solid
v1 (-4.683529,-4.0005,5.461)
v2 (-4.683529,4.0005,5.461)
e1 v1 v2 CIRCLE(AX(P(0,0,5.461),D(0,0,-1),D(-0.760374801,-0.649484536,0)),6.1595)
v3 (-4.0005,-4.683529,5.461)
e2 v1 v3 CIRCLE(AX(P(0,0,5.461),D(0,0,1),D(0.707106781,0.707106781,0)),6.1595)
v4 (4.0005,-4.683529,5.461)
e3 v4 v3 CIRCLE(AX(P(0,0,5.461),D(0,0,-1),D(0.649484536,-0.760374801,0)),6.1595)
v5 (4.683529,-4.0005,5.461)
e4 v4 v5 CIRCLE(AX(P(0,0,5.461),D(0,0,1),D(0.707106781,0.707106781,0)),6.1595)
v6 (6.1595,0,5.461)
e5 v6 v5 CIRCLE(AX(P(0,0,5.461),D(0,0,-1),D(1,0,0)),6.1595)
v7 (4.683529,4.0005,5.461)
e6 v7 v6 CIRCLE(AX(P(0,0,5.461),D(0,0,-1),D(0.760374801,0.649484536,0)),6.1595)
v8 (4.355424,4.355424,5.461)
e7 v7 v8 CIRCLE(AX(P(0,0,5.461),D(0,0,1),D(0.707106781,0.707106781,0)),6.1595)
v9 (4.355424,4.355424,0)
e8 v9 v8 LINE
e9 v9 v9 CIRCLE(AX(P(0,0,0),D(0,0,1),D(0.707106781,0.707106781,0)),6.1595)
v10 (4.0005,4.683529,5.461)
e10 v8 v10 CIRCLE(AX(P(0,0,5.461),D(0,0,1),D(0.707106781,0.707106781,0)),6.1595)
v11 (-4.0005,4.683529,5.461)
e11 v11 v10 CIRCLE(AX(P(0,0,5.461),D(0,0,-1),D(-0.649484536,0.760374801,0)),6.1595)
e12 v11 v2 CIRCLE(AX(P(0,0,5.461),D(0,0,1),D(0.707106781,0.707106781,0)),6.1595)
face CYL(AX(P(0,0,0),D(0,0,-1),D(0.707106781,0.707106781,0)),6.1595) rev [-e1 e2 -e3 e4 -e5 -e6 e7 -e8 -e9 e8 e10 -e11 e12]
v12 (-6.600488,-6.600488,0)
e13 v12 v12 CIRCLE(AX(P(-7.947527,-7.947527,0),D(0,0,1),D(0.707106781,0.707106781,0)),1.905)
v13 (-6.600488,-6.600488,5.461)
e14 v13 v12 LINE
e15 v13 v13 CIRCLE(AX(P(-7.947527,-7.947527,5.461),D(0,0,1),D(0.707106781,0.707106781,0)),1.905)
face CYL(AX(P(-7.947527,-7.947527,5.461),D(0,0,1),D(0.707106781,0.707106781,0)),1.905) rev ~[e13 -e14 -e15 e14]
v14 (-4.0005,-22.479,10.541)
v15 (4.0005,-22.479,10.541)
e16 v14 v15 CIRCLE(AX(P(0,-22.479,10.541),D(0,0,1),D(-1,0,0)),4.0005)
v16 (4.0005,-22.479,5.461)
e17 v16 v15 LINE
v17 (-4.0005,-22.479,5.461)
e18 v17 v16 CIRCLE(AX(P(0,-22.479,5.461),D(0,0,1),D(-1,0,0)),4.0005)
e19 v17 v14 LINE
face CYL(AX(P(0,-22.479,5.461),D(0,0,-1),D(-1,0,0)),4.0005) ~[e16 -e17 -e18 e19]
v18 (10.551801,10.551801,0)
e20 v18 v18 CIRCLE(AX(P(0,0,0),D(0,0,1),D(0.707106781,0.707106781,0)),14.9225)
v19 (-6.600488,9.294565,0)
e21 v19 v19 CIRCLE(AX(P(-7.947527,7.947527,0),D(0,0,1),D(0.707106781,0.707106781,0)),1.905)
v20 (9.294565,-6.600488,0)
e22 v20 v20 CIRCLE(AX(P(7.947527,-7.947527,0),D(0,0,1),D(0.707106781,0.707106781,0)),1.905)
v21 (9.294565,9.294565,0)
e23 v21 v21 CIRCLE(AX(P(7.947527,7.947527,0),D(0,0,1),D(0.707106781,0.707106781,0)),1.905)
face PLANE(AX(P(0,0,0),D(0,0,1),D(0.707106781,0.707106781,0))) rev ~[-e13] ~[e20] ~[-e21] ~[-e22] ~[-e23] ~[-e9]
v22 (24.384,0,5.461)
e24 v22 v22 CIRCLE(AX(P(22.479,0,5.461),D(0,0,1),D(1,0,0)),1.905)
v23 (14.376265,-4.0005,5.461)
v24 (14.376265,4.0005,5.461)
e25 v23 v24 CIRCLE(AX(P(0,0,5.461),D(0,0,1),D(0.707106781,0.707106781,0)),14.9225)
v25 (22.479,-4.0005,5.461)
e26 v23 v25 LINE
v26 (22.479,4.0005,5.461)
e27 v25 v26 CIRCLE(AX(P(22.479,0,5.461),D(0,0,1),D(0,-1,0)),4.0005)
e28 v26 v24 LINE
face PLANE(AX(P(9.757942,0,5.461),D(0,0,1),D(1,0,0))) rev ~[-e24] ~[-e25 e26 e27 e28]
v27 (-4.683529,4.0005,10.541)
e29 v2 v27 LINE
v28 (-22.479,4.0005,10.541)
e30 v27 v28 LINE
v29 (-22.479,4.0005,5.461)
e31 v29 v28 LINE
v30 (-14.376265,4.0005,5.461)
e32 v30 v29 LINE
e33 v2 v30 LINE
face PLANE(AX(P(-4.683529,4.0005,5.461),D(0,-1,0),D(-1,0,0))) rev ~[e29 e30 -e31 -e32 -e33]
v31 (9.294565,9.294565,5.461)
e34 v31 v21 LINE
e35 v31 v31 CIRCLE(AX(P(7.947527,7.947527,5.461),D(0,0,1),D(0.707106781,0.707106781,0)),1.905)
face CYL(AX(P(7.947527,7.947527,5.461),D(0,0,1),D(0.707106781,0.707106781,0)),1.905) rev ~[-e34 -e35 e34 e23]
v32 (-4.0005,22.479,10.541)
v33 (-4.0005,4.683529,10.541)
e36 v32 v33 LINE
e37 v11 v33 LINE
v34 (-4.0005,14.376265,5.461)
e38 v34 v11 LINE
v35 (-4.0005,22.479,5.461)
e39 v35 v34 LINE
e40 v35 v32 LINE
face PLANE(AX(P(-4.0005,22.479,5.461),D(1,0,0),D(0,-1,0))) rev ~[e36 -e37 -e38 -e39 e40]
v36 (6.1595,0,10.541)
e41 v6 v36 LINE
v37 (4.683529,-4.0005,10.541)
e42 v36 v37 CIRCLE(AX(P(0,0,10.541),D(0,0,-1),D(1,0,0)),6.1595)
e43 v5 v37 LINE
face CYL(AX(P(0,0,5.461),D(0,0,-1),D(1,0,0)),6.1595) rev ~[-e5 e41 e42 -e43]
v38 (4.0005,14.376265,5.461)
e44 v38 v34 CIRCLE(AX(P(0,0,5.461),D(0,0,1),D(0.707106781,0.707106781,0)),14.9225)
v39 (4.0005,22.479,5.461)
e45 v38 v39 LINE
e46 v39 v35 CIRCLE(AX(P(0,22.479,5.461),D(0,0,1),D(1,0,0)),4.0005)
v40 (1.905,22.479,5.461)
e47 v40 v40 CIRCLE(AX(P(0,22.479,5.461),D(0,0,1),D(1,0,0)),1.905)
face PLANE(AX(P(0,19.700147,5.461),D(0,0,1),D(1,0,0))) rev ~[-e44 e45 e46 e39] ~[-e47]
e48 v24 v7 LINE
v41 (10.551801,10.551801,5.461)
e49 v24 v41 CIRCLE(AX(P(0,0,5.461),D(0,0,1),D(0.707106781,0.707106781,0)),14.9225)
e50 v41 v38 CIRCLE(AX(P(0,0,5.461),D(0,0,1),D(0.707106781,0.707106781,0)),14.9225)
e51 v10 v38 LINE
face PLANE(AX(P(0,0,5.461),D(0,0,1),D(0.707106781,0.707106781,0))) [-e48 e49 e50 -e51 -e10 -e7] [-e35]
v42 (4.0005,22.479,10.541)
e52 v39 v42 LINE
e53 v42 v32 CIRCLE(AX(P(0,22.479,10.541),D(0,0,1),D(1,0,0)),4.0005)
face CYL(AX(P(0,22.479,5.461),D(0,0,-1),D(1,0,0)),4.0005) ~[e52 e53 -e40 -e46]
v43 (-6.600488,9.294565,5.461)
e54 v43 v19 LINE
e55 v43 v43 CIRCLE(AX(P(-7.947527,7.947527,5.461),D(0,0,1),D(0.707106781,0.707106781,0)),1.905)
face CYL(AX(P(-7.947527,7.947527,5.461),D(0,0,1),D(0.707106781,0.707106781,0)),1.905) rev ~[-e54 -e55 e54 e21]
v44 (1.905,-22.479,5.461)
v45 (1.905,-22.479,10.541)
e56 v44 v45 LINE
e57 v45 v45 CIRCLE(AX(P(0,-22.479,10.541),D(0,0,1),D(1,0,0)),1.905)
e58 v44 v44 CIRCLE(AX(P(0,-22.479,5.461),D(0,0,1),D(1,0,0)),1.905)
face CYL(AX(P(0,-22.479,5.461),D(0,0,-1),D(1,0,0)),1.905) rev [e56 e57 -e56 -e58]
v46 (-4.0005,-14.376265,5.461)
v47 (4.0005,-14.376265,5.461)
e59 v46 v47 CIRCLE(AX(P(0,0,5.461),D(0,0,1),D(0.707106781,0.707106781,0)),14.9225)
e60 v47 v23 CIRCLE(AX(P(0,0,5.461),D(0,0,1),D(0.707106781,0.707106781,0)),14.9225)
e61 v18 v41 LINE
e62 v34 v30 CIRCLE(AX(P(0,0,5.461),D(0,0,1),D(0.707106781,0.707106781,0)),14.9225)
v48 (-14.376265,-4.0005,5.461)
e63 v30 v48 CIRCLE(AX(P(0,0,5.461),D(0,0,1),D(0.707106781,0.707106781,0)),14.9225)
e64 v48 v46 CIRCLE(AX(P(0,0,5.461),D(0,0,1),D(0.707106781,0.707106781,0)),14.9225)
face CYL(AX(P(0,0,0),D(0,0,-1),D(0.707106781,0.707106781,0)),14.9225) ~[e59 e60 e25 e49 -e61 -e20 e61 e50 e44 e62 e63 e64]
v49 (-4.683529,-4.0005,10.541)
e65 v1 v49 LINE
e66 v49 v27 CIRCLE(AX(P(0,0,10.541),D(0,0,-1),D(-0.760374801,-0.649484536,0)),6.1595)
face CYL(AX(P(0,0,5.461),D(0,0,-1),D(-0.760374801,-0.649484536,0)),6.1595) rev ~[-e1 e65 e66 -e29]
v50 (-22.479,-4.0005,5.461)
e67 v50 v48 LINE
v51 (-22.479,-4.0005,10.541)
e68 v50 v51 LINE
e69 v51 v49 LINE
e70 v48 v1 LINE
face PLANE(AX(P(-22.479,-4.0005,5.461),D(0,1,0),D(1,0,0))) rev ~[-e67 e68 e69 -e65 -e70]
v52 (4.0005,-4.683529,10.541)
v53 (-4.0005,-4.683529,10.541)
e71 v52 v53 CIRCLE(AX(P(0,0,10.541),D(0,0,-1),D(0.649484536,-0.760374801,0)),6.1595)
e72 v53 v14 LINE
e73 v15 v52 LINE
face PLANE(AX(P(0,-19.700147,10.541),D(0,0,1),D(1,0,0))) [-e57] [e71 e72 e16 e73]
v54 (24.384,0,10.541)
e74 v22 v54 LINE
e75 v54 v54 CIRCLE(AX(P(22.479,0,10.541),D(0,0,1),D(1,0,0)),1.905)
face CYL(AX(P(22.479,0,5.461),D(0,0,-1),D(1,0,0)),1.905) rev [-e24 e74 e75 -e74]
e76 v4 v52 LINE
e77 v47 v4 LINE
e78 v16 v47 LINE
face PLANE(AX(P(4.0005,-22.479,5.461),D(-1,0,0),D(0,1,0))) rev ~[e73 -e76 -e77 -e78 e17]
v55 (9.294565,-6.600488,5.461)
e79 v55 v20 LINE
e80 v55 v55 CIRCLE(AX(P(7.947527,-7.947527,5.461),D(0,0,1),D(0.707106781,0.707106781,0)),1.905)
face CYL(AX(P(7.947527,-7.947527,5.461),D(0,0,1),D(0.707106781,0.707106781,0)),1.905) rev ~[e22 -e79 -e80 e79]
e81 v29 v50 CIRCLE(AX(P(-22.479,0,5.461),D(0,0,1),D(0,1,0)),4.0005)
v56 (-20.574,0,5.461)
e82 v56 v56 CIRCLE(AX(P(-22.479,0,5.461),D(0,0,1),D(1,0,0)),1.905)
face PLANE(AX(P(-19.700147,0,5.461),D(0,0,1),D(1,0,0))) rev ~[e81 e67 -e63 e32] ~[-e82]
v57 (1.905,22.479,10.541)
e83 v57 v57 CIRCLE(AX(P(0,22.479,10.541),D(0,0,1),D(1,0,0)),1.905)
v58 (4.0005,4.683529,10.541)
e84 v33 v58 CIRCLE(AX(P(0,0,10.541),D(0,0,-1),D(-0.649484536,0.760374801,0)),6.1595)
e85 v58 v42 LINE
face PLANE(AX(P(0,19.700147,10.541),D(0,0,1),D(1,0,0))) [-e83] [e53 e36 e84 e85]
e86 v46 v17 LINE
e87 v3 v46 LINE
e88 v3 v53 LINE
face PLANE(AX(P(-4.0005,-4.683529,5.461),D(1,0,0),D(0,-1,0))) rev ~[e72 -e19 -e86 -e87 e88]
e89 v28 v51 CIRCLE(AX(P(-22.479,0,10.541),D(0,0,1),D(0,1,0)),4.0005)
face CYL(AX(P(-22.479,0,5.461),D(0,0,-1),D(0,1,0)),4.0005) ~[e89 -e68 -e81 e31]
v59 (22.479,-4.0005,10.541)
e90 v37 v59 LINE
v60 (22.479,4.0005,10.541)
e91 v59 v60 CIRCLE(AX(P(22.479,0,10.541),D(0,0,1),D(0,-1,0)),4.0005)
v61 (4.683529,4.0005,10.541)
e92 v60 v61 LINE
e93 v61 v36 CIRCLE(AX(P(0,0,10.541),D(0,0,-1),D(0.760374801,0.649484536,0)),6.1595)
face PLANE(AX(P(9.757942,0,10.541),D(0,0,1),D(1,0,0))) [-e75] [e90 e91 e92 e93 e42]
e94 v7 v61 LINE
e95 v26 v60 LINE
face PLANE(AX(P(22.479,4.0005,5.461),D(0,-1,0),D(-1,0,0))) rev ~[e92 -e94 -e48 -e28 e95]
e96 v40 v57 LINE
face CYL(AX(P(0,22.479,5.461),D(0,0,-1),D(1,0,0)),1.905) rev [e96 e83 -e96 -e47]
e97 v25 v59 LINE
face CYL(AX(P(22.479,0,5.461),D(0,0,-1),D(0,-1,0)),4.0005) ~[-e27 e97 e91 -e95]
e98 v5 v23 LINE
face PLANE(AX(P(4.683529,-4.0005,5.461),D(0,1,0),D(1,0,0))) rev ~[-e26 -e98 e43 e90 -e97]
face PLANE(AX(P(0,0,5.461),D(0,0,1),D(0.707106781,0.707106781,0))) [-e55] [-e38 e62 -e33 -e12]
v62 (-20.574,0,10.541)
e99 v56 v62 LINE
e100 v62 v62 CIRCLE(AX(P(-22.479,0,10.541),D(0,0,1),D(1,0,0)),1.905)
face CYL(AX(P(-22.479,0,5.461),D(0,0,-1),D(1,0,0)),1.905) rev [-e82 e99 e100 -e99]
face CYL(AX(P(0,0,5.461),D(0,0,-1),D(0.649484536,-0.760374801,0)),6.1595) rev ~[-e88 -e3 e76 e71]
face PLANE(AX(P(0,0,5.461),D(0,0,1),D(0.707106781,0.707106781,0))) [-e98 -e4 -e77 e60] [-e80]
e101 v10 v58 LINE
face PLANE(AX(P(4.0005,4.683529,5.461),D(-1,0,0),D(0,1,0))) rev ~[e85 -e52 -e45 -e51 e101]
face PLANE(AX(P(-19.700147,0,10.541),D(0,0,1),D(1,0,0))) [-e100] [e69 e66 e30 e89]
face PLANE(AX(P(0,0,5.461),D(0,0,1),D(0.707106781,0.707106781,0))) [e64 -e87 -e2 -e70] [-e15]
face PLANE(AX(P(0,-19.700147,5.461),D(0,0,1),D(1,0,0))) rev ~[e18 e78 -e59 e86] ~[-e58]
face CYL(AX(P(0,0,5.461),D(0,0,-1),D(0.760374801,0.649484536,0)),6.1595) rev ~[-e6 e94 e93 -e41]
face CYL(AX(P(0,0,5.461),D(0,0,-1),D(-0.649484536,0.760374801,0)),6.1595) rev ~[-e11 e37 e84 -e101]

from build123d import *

# Parameters (mm, degrees)
F0_R     = 14.9225
F0_R_2   = 6.1595
F1_DEPTH = 5.461
F2_R     = 1.905
F3_DEPTH = 25.4
F5_ANGLE = 45
F6_R     = 1.905
F7_DEPTH = 5.08


with BuildPart() as f1:
    # F0 (on Top) → F1 (new body)
    with BuildSketch(Plane.XY):
        Circle(F0_R)
        Circle(F0_R_2, mode=Mode.SUBTRACT)
    extrude(amount=F1_DEPTH)

    # F2 (on face) → F3 (cut)
    with BuildSketch(Plane.XY.offset(5.461)):
        with Locations((-11.2395, 0)):
            Circle(F2_R)
        with Locations((0, 11.2395)):
            Circle(F2_R)
        with Locations((11.2395, 0)):
            Circle(F2_R)
        with Locations((0, -11.2395)):
            Circle(F2_R)
    extrude(amount=-F3_DEPTH, mode=Mode.SUBTRACT)


with BuildPart() as f1_1:
    # F5: moved
    add(f1.part.rotate(Axis((0, 0, 9.9508911371), (0, 0, 1)), F5_ANGLE))

    # F6 (on face) → F7 (join)
    with BuildSketch(Plane.XY.offset(5.461)):
        with BuildLine():
            ThreePointArc((-14.3762653704, -4.0005), (-14.9225, 0), (-14.3762653704, 4.0005))
            Line((-14.3762653704, 4.0005), (-22.479, 4.0005))
            ThreePointArc((-22.479, 4.0005), (-26.4795, 0), (-22.479, -4.0005))
            Line((-22.479, -4.0005), (-14.3762653704, -4.0005))
        make_face()
        with Locations((-22.479, 0)):
            Circle(F6_R, mode=Mode.SUBTRACT)
        with BuildLine():
            Line((-4.6835285843, 4.0005), (-14.3762653704, 4.0005))
            ThreePointArc((-14.3762653704, 4.0005), (-14.9225, 0), (-14.3762653704, -4.0005))
            Line((-14.3762653704, -4.0005), (-4.6835285843, -4.0005))
            ThreePointArc((-4.6835285843, -4.0005), (-6.1595, 0), (-4.6835285843, 4.0005))
        make_face()
        with BuildLine():
            ThreePointArc((14.9225, 0), (14.7853107211, 2.0188098301), (14.3762653704, 4.0005))
            Line((14.3762653704, 4.0005), (4.6835285843, 4.0005))
            ThreePointArc((4.6835285843, 4.0005), (5.7787383816, 2.1320466617), (6.1595, 0))
            ThreePointArc((6.1595, 0), (5.7787383816, -2.1320466617), (4.6835285843, -4.0005))
            Line((4.6835285843, -4.0005), (14.3762653704, -4.0005))
            ThreePointArc((14.3762653704, -4.0005), (14.7853107211, -2.0188098301), (14.9225, 0))
        make_face()
        with BuildLine():
            Line((22.479, 4.0005), (14.3762653704, 4.0005))
            ThreePointArc((14.3762653704, 4.0005), (14.7853107211, 2.0188098301), (14.9225, 0))
            ThreePointArc((14.9225, 0), (14.7853107211, -2.0188098301), (14.3762653704, -4.0005))
            Line((14.3762653704, -4.0005), (22.479, -4.0005))
            ThreePointArc((22.479, -4.0005), (26.4795, 0), (22.479, 4.0005))
        make_face()
        with Locations((22.479, 0)):
            Circle(F6_R, mode=Mode.SUBTRACT)
        with BuildLine():
            Line((4.0005, 14.3762653704), (4.0005, 22.479))
            ThreePointArc((4.0005, 22.479), (0, 26.4795), (-4.0005, 22.479))
            Line((-4.0005, 22.479), (-4.0005, 14.3762653704))
            ThreePointArc((-4.0005, 14.3762653704), (0, 14.9225), (4.0005, 14.3762653704))
        make_face()
        with Locations((0, 22.479)):
            Circle(F6_R, mode=Mode.SUBTRACT)
        with BuildLine():
            Line((4.0005, 4.6835285843), (4.0005, 14.3762653704))
            ThreePointArc((4.0005, 14.3762653704), (0, 14.9225), (-4.0005, 14.3762653704))
            Line((-4.0005, 14.3762653704), (-4.0005, 4.6835285843))
            ThreePointArc((-4.0005, 4.6835285843), (0, 6.1595), (4.0005, 4.6835285843))
        make_face()
        with BuildLine():
            ThreePointArc((4.0005, -14.3762653704), (0, -14.9225), (-4.0005, -14.3762653704))
            Line((-4.0005, -14.3762653704), (-4.0005, -22.479))
            ThreePointArc((-4.0005, -22.479), (0, -26.4795), (4.0005, -22.479))
            Line((4.0005, -22.479), (4.0005, -14.3762653704))
        make_face()
        with Locations((0, -22.479)):
            Circle(F6_R, mode=Mode.SUBTRACT)
        with BuildLine():
            Line((-4.0005, -4.6835285843), (-4.0005, -14.3762653704))
            ThreePointArc((-4.0005, -14.3762653704), (0, -14.9225), (4.0005, -14.3762653704))
            Line((4.0005, -14.3762653704), (4.0005, -4.6835285843))
            ThreePointArc((4.0005, -4.6835285843), (0, -6.1595), (-4.0005, -4.6835285843))
        make_face()
    extrude(amount=F7_DEPTH)


solid = f1_1.part
